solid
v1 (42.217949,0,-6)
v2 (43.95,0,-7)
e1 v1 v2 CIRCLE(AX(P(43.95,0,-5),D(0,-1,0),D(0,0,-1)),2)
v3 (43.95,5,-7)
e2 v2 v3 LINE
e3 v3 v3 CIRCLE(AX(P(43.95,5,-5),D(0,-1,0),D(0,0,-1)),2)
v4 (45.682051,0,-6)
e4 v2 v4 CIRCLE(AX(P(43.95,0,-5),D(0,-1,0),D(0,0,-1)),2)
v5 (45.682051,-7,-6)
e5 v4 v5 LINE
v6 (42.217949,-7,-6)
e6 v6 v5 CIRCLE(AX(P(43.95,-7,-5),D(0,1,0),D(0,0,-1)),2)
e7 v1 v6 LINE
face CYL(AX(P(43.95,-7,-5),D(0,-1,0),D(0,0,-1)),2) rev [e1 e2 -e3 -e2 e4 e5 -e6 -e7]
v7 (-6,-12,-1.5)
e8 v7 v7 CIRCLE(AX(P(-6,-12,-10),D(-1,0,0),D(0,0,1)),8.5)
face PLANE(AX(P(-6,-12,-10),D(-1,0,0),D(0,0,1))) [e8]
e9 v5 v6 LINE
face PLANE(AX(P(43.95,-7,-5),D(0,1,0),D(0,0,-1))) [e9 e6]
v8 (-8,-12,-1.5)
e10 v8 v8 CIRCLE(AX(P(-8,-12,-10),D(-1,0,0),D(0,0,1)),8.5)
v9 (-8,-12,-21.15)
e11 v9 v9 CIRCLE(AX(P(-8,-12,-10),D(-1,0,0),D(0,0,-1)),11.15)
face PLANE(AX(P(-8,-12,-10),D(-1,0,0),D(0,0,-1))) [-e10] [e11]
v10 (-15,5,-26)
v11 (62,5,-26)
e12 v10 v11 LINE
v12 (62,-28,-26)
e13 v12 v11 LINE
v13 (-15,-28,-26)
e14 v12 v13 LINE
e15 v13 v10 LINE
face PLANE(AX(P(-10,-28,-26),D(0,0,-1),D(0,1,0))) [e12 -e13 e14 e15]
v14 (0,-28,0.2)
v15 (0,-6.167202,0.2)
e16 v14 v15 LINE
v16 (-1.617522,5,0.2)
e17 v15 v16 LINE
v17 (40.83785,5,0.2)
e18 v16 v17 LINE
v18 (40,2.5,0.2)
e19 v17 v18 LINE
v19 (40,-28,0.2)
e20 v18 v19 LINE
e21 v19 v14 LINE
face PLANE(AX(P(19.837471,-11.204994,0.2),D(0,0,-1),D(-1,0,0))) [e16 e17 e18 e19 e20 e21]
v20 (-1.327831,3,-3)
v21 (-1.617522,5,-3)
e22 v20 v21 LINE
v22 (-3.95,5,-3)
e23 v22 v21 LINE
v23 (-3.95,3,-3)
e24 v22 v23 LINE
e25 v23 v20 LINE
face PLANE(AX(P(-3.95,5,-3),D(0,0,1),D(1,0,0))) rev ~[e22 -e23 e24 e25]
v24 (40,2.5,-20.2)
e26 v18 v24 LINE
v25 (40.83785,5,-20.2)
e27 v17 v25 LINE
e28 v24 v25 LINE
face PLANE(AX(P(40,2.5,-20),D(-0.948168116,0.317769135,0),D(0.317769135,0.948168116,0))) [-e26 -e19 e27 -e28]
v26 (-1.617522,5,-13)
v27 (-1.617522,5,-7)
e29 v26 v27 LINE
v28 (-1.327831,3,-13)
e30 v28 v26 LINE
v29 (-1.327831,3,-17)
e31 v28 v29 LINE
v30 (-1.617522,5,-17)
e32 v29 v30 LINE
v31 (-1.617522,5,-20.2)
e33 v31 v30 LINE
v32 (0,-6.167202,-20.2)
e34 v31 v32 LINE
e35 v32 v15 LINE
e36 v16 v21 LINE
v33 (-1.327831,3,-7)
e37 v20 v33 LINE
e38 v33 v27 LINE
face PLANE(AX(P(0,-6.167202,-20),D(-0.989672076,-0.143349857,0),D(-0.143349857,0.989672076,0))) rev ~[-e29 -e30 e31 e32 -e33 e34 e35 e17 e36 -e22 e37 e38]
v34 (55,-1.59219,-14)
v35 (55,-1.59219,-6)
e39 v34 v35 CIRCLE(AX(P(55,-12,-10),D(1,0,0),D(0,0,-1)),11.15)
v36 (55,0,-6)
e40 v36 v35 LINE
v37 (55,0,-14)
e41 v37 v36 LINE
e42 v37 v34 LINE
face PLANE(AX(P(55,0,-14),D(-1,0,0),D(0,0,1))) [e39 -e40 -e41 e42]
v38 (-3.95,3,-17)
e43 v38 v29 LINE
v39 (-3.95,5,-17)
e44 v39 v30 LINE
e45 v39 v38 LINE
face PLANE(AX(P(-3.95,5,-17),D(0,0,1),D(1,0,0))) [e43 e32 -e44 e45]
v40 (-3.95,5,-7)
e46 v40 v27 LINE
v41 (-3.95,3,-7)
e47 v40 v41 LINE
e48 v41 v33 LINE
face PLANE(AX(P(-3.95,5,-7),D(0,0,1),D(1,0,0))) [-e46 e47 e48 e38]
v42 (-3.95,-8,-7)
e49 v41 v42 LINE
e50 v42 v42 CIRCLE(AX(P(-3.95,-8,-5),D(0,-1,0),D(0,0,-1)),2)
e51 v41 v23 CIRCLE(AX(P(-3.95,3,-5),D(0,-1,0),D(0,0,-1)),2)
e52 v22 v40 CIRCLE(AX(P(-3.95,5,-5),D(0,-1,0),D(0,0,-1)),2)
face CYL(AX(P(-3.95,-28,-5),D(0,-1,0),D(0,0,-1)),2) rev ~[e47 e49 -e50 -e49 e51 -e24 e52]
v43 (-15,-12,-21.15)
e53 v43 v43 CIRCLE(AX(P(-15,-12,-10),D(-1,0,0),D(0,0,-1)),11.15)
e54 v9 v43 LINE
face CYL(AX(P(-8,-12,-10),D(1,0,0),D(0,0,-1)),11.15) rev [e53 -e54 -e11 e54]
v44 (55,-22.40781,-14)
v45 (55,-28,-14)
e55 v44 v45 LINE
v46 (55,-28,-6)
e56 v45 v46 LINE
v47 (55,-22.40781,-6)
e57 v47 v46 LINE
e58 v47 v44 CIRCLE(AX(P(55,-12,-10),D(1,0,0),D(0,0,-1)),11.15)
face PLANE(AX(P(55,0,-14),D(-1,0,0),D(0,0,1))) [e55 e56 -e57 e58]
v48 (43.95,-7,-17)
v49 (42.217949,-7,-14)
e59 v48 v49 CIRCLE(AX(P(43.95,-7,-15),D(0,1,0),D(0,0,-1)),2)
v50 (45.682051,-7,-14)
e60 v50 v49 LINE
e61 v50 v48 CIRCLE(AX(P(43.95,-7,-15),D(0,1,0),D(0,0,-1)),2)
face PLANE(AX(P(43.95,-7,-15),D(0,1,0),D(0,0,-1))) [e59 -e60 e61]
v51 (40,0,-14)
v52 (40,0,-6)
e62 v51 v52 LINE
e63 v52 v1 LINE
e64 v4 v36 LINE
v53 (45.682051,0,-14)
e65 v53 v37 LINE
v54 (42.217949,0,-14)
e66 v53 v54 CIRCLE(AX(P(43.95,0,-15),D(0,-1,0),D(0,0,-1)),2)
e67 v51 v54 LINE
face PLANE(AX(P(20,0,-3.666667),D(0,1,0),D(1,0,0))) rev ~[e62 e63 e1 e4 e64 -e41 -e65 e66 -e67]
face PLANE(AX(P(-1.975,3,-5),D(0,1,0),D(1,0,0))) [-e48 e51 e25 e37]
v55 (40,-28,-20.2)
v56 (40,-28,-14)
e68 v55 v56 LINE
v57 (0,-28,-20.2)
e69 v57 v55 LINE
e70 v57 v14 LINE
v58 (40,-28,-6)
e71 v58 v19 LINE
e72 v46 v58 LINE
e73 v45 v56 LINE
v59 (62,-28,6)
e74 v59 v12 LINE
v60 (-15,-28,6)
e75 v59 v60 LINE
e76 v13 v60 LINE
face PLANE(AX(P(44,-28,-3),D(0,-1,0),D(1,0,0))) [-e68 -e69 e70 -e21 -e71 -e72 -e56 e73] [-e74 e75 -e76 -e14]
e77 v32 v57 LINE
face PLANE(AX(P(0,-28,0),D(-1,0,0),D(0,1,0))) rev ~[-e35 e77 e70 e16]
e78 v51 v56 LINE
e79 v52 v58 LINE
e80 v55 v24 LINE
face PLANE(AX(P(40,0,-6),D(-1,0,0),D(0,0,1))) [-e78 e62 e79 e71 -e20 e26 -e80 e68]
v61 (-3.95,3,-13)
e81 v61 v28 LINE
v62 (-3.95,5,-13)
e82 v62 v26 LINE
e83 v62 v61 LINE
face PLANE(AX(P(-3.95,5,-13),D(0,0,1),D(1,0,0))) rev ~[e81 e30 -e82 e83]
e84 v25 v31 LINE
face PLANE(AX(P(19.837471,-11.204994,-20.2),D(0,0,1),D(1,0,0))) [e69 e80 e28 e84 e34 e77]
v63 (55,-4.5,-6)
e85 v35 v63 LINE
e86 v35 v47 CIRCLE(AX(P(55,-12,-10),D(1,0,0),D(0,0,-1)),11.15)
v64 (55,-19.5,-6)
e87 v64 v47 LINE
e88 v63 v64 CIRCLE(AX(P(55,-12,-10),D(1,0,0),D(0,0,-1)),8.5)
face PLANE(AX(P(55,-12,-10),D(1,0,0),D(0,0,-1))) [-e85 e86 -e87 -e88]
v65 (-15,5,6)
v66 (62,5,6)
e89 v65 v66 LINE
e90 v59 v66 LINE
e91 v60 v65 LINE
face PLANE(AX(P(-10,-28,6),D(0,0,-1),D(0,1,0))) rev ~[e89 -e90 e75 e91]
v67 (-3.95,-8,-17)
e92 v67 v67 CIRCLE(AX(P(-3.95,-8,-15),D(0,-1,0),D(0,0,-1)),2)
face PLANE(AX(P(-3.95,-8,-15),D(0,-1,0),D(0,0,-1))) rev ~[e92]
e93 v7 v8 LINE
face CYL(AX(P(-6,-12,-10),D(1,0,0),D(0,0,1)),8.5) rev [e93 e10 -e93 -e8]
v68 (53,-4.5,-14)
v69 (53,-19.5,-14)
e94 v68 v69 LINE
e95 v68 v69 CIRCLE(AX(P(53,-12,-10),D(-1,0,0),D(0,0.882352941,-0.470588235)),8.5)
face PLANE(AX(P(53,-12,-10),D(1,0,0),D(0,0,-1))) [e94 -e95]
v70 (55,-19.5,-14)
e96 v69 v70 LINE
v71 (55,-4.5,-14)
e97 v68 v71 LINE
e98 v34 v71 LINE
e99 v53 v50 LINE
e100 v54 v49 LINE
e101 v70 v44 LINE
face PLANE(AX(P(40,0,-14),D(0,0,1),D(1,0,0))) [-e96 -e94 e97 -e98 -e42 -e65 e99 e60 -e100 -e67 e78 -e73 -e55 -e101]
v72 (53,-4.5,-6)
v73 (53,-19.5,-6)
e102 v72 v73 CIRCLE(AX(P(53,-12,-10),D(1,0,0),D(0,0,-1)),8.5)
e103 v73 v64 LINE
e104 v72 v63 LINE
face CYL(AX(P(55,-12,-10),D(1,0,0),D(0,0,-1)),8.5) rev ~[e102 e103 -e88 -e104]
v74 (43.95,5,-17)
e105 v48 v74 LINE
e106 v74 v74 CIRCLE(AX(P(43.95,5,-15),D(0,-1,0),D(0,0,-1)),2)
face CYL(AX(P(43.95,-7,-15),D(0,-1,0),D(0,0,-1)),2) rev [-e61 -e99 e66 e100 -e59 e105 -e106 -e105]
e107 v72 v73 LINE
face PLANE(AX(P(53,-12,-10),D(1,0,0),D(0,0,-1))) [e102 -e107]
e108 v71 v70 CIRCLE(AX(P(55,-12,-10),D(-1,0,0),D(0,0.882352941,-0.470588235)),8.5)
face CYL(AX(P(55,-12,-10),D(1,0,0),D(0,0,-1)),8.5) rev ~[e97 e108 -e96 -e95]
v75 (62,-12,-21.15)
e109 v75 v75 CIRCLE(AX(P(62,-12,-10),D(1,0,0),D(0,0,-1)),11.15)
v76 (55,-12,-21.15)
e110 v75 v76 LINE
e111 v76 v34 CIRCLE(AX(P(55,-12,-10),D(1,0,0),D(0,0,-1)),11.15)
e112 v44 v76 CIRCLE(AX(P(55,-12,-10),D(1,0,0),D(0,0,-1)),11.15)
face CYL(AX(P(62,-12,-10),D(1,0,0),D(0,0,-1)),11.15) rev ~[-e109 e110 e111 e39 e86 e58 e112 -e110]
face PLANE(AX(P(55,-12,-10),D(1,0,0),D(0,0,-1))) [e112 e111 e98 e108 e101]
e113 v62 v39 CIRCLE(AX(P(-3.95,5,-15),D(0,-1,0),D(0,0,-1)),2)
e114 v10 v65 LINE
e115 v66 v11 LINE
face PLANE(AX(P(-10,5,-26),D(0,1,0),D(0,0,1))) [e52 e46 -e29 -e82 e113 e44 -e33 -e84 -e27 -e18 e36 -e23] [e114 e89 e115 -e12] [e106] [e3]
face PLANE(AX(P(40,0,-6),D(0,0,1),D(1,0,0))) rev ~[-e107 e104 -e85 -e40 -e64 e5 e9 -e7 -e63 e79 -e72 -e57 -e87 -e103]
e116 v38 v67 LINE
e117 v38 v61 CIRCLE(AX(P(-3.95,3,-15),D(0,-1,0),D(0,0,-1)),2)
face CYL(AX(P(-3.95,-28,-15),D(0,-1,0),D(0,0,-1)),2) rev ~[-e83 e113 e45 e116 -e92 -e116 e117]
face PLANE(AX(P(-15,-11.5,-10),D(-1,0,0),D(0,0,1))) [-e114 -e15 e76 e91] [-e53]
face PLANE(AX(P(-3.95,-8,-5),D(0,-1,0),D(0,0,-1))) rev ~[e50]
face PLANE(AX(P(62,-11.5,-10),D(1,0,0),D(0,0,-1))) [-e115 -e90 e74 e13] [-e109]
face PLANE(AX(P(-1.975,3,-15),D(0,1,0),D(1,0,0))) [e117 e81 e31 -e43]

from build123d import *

# Parameters (mm, degrees)
BOSS_EXTRUDE1_DEPTH  = 5
SKETCH6_R            = 2
CUT_EXTRUDE3_DEPTH   = 53.239831546
SKETCH7_W            = 56
SKETCH7_H            = 6
BOSS_EXTRUDE2_DEPTH  = 28
SKETCH9_W            = 20
SKETCH9_H            = 28
BOSS_EXTRUDE3_DEPTH  = 2
SKETCH8_W            = 26
SKETCH8_H            = 33
BOSS_EXTRUDE4_DEPTH  = 2
BOSS_EXTRUDE5_START  = 28
SKETCH10_W           = 8
SKETCH10_H           = 20
SKETCH10_R           = 2
BOSS_EXTRUDE5_DEPTH  = 28
CUT_EXTRUDE4_DEPTH   = 20
SKETCH13_W           = 3.95
SKETCH13_H           = 4
CUT_EXTRUDE5_DEPTH   = 2
SKETCH14_W           = 60
SKETCH14_H           = 33
BOSS_EXTRUDE6_DEPTH  = 6
SKETCH15_R           = 2
BOSS_EXTRUDE7_DEPTH  = 20
SKETCH16_W           = 32
SKETCH16_H           = 33
BOSS_EXTRUDE8_DEPTH  = 12
SKETCH20_W           = 32
SKETCH20_H           = 33
BOSS_EXTRUDE9_DEPTH  = 5
SKETCH17_R           = 11.15
CUT_EXTRUDE6_DEPTH   = 7
CUT_EXTRUDE7_START   = -7
SKETCH19_R           = 11.15
CUT_EXTRUDE7_DEPTH   = 7
SKETCH21_R           = 8.5
CUT_EXTRUDE8_DEPTH   = 2
CUT_EXTRUDE10_START  = -28
SKETCH22_W           = 7
SKETCH22_H           = 8
CUT_EXTRUDE10_DEPTH  = 28
SKETCH25_W           = 8
SKETCH25_H           = 6
BOSS_EXTRUDE10_DEPTH = 28
CUT_EXTRUDE11_START  = -12
SKETCH26_R           = 2
CUT_EXTRUDE11_DEPTH  = 12
CUT_EXTRUDE12_START  = -2
SKETCH27_R           = 8.5
CUT_EXTRUDE12_DEPTH  = 2
CUT_EXTRUDE13_DEPTH  = 0.2
CUT_EXTRUDE14_DEPTH  = 0.2


with BuildPart() as part:
    # Sketch2 → Boss-Extrude1 (new body)
    with BuildSketch(Plane(origin=(0, 0, 0), x_dir=(1, 0, 0), z_dir=(0, 1, 0))):
        Polygon((0, 0), (0, 20), (-8, 20), (-8, -6), (48, -6), (48, 20), (40, 20), (40, 0), align=None)
    extrude(amount=BOSS_EXTRUDE1_DEPTH)

    # Sketch6 → Cut-Extrude3 (cut, through all)
    with BuildSketch(Plane.XZ):
        with Locations(Location((43.95, -5, 0), (0, 0, 270))):
            Circle(SKETCH6_R)
        with Locations(Location((43.95, -15, 0), (0, 0, 270))):
            Circle(SKETCH6_R)
        with Locations(Location((-3.95, -5, 0), (0, 0, 270))):
            Circle(SKETCH6_R)
        with Locations(Location((-3.95, -15, 0), (0, 0, 270))):
            Circle(SKETCH6_R)
    extrude(amount=-CUT_EXTRUDE3_DEPTH, mode=Mode.SUBTRACT)

    # Sketch7 → Boss-Extrude2 (add)
    with BuildSketch(Plane.XZ):
        with Locations((20, 3)):
            Rectangle(SKETCH7_W, SKETCH7_H)
    extrude(amount=BOSS_EXTRUDE2_DEPTH)

    # Sketch9 → Boss-Extrude3 (add)
    with BuildSketch(Plane.ZY.offset(8)):
        Polygon((-20, 5), (-20, 0), (0, 0), (0, -28), (6, -28), (6, 5), align=None)
        with Locations((-10, -14)):
            Rectangle(SKETCH9_W, SKETCH9_H)
    extrude(amount=BOSS_EXTRUDE3_DEPTH)

    # Sketch8 → Boss-Extrude4 (add)
    with BuildSketch(Plane(origin=(48, 0, 0), x_dir=(0, 0, -1), z_dir=(1, 0, 0))):
        with Locations((7, -11.5)):
            Rectangle(SKETCH8_W, SKETCH8_H)
    extrude(amount=BOSS_EXTRUDE4_DEPTH)

    # Sketch10 → Boss-Extrude5 (add)
    with BuildSketch(Plane.XZ.offset(BOSS_EXTRUDE5_START)):
        with Locations((-4, -10)):
            Rectangle(SKETCH10_W, SKETCH10_H)
        with Locations(Location((-3.95, -5, 0), (0, 0, 270))):
            Circle(SKETCH10_R, mode=Mode.SUBTRACT)
        with Locations(Location((-3.95, -15, 0), (0, 0, 270))):
            Circle(SKETCH10_R, mode=Mode.SUBTRACT)
    extrude(amount=-BOSS_EXTRUDE5_DEPTH)

    # Sketch12 → Cut-Extrude4 (cut)
    with BuildSketch(Plane(origin=(0, 0, -20), x_dir=(-1, 0, 0), z_dir=(0, 0, -1))):
        Polygon((-40, 5), (-40, 2.5), (-40.83785019, 5), align=None)
        Polygon((0, -6.167201623), (1.617522403, 5), (0, 5), align=None)
    extrude(amount=-CUT_EXTRUDE4_DEPTH, mode=Mode.SUBTRACT)

    # Sketch13 → Cut-Extrude5 (cut)
    with BuildSketch(Plane(origin=(0, 5, 0), x_dir=(1, 0, 0), z_dir=(0, 1, 0))):
        with Locations((-1.975, 5)):
            Rectangle(SKETCH13_W, SKETCH13_H)
        with Locations((-1.975, 15)):
            Rectangle(SKETCH13_W, SKETCH13_H)
    extrude(amount=-CUT_EXTRUDE5_DEPTH, mode=Mode.SUBTRACT)

    # Sketch14 → Boss-Extrude6 (add)
    with BuildSketch(Plane(origin=(0, 0, -20), x_dir=(-1, 0, 0), z_dir=(0, 0, -1))):
        with Locations((-20, -11.5)):
            Rectangle(SKETCH14_W, SKETCH14_H)
    extrude(amount=BOSS_EXTRUDE6_DEPTH)

    # Sketch15 → Boss-Extrude7 (add)
    with BuildSketch(Plane.XZ.offset(28)):
        with Locations(Location((-3.95, -5, 0), (0, 0, 270))):
            Circle(SKETCH15_R)
        with Locations(Location((-3.95, -15, 0), (0, 0, 270))):
            Circle(SKETCH15_R)
    extrude(amount=-BOSS_EXTRUDE7_DEPTH)

    # Sketch16 → Boss-Extrude8 (add)
    with BuildSketch(Plane(origin=(50, 0, 0), x_dir=(0, 0, -1), z_dir=(1, 0, 0))):
        with Locations((10, -11.5)):
            Rectangle(SKETCH16_W, SKETCH16_H)
    extrude(amount=BOSS_EXTRUDE8_DEPTH)

    # Sketch20 → Boss-Extrude9 (add)
    with BuildSketch(Plane.ZY.offset(10)):
        with Locations((-10, -11.5)):
            Rectangle(SKETCH20_W, SKETCH20_H)
    extrude(amount=BOSS_EXTRUDE9_DEPTH)

    # Sketch17 → Cut-Extrude6 (cut)
    with BuildSketch(Plane(origin=(62, 0, 0), x_dir=(0, 0, -1), z_dir=(1, 0, 0))):
        with Locations((10, -12)):
            Circle(SKETCH17_R)
    extrude(amount=-CUT_EXTRUDE6_DEPTH, mode=Mode.SUBTRACT)

    # Sketch19 → Cut-Extrude7 (cut)
    with BuildSketch(Plane.ZY.offset(15).offset(CUT_EXTRUDE7_START)):
        with Locations(Location((-10, -12, 0), (0, 0, 180))):
            Circle(SKETCH19_R)
    extrude(amount=CUT_EXTRUDE7_DEPTH, mode=Mode.SUBTRACT)

    # Sketch21 → Cut-Extrude8 (cut)
    with BuildSketch(Plane(origin=(55, 0, 0), x_dir=(0, 0, -1), z_dir=(1, 0, 0))):
        with Locations((10, -12)):
            Circle(SKETCH21_R)
    extrude(amount=-CUT_EXTRUDE8_DEPTH, mode=Mode.SUBTRACT)

    # Sketch22 → Cut-Extrude10 (cut)
    with BuildSketch(Plane.XZ.offset(28).offset(CUT_EXTRUDE10_START)):
        with Locations((51.5, -10)):
            Rectangle(SKETCH22_W, SKETCH22_H)
    extrude(amount=CUT_EXTRUDE10_DEPTH, mode=Mode.SUBTRACT)

    # Sketch25 → Boss-Extrude10 (add)
    with BuildSketch(Plane.XZ):
        with Locations((44, -3)):
            Rectangle(SKETCH25_W, SKETCH25_H)
        with Locations((44, -17)):
            Rectangle(SKETCH25_W, SKETCH25_H)
    extrude(amount=BOSS_EXTRUDE10_DEPTH)

    # Sketch26 → Cut-Extrude11 (cut)
    with BuildSketch(Plane(origin=(0, 5, 0), x_dir=(1, 0, 0), z_dir=(0, 1, 0)).offset(CUT_EXTRUDE11_START)):
        with Locations(Location((43.95, 5, 0), (0, 0, 90))):
            Circle(SKETCH26_R)
        with Locations(Location((43.95, 15, 0), (0, 0, 90))):
            Circle(SKETCH26_R)
    extrude(amount=CUT_EXTRUDE11_DEPTH, mode=Mode.SUBTRACT)

    # Sketch27 → Cut-Extrude12 (cut)
    with BuildSketch(Plane.ZY.offset(8).offset(CUT_EXTRUDE12_START)):
        with Locations((-10, -12)):
            Circle(SKETCH27_R)
    extrude(amount=CUT_EXTRUDE12_DEPTH, mode=Mode.SUBTRACT)

    # Sketch28 → Cut-Extrude13 (cut)
    with BuildSketch(Plane(origin=(0, 0, 0), x_dir=(-1, 0, 0), z_dir=(0, 0, -1))):
        Polygon((-40, 2.5), (-40, -28), (0, -28), (0, -6.167201623), (1.617522403, 5), (-40.83785019, 5), align=None)
    extrude(amount=-CUT_EXTRUDE13_DEPTH, mode=Mode.SUBTRACT)

    # Sketch29 → Cut-Extrude14 (cut)
    with BuildSketch(Plane.XY.offset(-20)):
        Polygon((0, -28), (40, -28), (40, 2.5), (40.83785019, 5), (-1.617522403, 5), (0, -6.167201623), align=None)
    extrude(amount=-CUT_EXTRUDE14_DEPTH, mode=Mode.SUBTRACT)


solid = part.part
